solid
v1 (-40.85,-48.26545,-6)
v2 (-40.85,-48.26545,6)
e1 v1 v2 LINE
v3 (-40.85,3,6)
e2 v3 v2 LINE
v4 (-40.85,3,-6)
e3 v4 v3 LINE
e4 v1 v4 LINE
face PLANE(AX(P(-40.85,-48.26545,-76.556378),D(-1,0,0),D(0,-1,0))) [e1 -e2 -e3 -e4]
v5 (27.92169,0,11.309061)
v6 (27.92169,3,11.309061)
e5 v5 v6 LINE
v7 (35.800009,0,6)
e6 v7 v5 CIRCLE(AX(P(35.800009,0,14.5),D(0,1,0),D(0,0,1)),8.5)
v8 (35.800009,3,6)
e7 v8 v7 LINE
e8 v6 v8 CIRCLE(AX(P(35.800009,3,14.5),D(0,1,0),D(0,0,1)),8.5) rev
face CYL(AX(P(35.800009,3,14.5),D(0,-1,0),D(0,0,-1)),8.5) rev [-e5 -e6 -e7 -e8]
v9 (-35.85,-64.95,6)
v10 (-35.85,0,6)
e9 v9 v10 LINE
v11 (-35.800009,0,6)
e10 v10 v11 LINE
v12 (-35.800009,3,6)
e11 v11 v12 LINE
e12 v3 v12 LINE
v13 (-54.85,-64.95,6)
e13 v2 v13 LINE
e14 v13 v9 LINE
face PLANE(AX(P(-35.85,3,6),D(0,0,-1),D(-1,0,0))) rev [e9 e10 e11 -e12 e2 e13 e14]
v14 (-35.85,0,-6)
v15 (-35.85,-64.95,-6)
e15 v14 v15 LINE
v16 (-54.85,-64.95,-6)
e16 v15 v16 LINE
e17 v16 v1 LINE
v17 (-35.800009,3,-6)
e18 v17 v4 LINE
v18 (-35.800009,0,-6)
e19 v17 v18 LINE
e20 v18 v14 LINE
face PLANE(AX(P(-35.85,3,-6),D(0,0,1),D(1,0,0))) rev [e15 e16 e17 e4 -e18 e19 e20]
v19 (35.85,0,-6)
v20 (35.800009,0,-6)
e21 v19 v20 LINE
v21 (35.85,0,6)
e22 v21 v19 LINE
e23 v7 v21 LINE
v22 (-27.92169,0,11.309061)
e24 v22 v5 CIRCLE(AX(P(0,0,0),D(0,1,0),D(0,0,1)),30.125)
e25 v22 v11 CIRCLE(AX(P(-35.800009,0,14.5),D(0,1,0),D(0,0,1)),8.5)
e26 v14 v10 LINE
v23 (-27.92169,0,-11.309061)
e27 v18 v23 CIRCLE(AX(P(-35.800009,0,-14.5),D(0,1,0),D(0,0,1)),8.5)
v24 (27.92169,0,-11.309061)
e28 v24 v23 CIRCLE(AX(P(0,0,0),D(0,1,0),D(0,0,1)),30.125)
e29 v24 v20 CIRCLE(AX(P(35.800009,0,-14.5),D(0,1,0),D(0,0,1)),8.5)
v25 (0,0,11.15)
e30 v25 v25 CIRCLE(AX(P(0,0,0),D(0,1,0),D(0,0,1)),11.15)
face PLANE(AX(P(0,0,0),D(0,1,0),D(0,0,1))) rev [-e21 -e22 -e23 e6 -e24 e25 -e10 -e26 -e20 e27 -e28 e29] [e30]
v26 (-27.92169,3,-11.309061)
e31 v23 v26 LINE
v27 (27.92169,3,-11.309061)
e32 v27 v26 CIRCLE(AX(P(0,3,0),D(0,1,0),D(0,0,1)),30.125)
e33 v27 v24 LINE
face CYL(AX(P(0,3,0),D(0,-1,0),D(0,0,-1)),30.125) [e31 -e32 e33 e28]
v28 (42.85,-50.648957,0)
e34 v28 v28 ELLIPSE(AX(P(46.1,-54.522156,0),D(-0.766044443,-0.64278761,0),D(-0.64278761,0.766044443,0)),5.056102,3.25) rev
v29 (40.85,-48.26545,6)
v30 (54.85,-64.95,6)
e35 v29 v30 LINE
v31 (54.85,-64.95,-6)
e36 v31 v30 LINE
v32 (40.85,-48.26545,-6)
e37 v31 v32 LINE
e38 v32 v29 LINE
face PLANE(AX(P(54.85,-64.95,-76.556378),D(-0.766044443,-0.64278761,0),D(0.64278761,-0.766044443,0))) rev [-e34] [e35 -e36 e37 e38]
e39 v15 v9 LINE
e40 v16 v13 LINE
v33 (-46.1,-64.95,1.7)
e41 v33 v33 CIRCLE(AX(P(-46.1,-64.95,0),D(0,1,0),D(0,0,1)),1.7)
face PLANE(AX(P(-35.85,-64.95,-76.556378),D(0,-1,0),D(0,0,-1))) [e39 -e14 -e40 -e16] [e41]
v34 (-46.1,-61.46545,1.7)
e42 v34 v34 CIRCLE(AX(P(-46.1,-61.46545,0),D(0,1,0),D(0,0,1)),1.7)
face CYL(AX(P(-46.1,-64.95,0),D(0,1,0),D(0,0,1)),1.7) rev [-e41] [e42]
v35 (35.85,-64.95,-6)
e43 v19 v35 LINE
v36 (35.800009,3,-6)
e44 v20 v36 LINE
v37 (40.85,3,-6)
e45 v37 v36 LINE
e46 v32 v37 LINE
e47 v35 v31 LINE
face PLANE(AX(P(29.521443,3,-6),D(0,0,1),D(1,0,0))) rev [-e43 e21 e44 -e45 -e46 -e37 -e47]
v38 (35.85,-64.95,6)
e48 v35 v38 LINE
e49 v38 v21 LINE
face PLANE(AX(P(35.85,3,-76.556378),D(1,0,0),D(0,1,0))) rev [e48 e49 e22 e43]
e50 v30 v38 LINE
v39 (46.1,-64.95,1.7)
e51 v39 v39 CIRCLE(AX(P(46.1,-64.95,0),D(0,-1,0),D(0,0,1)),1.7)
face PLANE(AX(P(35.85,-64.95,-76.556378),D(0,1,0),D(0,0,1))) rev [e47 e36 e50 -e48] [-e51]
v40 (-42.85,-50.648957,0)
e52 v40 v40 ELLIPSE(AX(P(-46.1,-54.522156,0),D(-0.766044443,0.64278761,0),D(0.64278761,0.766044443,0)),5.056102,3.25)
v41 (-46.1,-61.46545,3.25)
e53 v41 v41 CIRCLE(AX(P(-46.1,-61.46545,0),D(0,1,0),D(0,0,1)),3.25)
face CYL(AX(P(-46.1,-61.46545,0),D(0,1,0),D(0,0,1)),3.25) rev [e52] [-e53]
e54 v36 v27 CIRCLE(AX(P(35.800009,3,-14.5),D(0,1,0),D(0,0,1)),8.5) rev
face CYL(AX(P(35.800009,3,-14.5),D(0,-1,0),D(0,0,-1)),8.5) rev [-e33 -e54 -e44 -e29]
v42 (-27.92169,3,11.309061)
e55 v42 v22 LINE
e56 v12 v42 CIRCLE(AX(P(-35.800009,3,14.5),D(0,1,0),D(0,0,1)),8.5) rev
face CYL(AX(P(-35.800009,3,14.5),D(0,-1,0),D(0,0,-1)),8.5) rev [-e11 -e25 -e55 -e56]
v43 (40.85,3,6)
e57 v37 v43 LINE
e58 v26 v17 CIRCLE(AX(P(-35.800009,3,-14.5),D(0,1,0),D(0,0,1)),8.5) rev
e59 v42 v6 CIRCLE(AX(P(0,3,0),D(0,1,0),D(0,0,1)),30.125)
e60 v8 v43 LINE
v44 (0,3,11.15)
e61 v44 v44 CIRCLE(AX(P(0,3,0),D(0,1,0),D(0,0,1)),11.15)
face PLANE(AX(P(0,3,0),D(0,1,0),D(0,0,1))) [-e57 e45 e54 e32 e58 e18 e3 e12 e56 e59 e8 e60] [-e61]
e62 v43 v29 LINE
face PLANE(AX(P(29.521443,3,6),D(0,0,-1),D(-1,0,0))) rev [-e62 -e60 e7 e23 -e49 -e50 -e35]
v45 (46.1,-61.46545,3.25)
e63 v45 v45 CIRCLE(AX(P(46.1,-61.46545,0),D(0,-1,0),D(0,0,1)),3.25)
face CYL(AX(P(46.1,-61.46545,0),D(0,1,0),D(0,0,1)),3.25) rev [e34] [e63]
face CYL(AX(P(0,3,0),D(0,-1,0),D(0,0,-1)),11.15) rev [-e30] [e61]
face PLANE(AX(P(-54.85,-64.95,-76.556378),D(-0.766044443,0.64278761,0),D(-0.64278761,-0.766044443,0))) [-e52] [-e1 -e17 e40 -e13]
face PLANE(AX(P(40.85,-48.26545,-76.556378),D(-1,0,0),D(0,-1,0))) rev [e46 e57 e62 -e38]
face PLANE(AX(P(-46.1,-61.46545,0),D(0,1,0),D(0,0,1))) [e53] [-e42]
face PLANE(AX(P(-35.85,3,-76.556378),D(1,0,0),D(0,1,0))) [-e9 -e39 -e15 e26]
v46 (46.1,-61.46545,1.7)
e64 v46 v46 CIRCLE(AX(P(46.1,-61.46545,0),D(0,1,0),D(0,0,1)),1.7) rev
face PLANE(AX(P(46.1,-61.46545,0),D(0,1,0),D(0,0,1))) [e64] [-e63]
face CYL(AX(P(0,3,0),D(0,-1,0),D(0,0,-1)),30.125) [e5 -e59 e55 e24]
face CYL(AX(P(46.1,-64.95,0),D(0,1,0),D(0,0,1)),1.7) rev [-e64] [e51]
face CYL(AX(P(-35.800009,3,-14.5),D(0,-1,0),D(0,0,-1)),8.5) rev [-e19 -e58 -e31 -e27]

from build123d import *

# Parameters (mm, degrees)
SKETCH8_R           = 11.15
BOSS_EXTRUDE4_DEPTH = 3
BOSS_EXTRUDE5_DEPTH = 12
SKETCH11_R          = 3.25
CUT_EXTRUDE3_DEPTH  = 13.2
SKETCH14_R          = 1.7
CUT_EXTRUDE4_DEPTH  = 17.684550296
FILLET1_R           = 8.5


with BuildPart() as part:
    # Sketch8 → Boss-Extrude4 (new body)
    with BuildSketch(Plane(origin=(0, 0, 0), x_dir=(1, 0, 0), z_dir=(0, 1, 0))):
        with BuildLine():
            Line((-35.85, -6), (-29.521443478, -6))
            ThreePointArc((-29.521443478, -6), (0, -30.125), (29.521443478, -6))
            Line((29.521443478, -6), (35.85, -6))
            Line((35.85, -6), (35.85, 6))
            Line((35.85, 6), (29.521443478, 6))
            ThreePointArc((29.521443478, 6), (0, 30.125), (-29.521443478, 6))
            Line((-29.521443478, 6), (-35.85, 6))
            Line((-35.85, 6), (-35.85, -6))
        make_face()
        Circle(SKETCH8_R, mode=Mode.SUBTRACT)
    extrude(amount=BOSS_EXTRUDE4_DEPTH)

    # Sketch9 → Boss-Extrude5 (add)
    with BuildSketch(Plane.XY.offset(6)):
        Polygon((-35.85, 3), (-35.85, -64.95), (-54.85, -64.95), (-40.85, -48.265449704), (-40.85, 3), align=None)
    boss_extrude5 = extrude(amount=-BOSS_EXTRUDE5_DEPTH)

    # Sketch11 → Cut-Extrude3 (cut)
    with BuildSketch(Plane.ZX.offset(-48.265449704)):
        with Locations((0, -46.1)):
            Circle(SKETCH11_R)
    cut_extrude3 = extrude(amount=-CUT_EXTRUDE3_DEPTH, mode=Mode.SUBTRACT)

    # Sketch14 → Cut-Extrude4 (cut, through all)
    with BuildSketch(Plane.ZX.offset(-48.265449704)):
        with Locations((0, -46.1)):
            Circle(SKETCH14_R)
    cut_extrude4 = extrude(amount=-CUT_EXTRUDE4_DEPTH, mode=Mode.SUBTRACT)

    # Mirror3: Boss-Extrude5, Cut-Extrude3, Cut-Extrude4 across plane
    add(boss_extrude5.mirror(Plane(origin=(0, 0, 0), x_dir=(0, 0, 1), z_dir=(1, 0, 0))))
    add(cut_extrude3.mirror(Plane(origin=(0, 0, 0), x_dir=(0, 0, 1), z_dir=(1, 0, 0))), mode=Mode.SUBTRACT)
    add(cut_extrude4.mirror(Plane(origin=(0, 0, 0), x_dir=(0, 0, 1), z_dir=(1, 0, 0))), mode=Mode.SUBTRACT)

    # Fillet1
    fillet1_edges = [part.edges().sort_by_distance(p)[0] for p in [
        (-29.521443478, 1.5, -6),
        (29.521443478, 1.5, -6),
        (29.521443478, 1.5, 6),
        (-29.521443478, 1.5, 6),
    ]]
    fillet(fillet1_edges, radius=FILLET1_R)


solid = part.part
